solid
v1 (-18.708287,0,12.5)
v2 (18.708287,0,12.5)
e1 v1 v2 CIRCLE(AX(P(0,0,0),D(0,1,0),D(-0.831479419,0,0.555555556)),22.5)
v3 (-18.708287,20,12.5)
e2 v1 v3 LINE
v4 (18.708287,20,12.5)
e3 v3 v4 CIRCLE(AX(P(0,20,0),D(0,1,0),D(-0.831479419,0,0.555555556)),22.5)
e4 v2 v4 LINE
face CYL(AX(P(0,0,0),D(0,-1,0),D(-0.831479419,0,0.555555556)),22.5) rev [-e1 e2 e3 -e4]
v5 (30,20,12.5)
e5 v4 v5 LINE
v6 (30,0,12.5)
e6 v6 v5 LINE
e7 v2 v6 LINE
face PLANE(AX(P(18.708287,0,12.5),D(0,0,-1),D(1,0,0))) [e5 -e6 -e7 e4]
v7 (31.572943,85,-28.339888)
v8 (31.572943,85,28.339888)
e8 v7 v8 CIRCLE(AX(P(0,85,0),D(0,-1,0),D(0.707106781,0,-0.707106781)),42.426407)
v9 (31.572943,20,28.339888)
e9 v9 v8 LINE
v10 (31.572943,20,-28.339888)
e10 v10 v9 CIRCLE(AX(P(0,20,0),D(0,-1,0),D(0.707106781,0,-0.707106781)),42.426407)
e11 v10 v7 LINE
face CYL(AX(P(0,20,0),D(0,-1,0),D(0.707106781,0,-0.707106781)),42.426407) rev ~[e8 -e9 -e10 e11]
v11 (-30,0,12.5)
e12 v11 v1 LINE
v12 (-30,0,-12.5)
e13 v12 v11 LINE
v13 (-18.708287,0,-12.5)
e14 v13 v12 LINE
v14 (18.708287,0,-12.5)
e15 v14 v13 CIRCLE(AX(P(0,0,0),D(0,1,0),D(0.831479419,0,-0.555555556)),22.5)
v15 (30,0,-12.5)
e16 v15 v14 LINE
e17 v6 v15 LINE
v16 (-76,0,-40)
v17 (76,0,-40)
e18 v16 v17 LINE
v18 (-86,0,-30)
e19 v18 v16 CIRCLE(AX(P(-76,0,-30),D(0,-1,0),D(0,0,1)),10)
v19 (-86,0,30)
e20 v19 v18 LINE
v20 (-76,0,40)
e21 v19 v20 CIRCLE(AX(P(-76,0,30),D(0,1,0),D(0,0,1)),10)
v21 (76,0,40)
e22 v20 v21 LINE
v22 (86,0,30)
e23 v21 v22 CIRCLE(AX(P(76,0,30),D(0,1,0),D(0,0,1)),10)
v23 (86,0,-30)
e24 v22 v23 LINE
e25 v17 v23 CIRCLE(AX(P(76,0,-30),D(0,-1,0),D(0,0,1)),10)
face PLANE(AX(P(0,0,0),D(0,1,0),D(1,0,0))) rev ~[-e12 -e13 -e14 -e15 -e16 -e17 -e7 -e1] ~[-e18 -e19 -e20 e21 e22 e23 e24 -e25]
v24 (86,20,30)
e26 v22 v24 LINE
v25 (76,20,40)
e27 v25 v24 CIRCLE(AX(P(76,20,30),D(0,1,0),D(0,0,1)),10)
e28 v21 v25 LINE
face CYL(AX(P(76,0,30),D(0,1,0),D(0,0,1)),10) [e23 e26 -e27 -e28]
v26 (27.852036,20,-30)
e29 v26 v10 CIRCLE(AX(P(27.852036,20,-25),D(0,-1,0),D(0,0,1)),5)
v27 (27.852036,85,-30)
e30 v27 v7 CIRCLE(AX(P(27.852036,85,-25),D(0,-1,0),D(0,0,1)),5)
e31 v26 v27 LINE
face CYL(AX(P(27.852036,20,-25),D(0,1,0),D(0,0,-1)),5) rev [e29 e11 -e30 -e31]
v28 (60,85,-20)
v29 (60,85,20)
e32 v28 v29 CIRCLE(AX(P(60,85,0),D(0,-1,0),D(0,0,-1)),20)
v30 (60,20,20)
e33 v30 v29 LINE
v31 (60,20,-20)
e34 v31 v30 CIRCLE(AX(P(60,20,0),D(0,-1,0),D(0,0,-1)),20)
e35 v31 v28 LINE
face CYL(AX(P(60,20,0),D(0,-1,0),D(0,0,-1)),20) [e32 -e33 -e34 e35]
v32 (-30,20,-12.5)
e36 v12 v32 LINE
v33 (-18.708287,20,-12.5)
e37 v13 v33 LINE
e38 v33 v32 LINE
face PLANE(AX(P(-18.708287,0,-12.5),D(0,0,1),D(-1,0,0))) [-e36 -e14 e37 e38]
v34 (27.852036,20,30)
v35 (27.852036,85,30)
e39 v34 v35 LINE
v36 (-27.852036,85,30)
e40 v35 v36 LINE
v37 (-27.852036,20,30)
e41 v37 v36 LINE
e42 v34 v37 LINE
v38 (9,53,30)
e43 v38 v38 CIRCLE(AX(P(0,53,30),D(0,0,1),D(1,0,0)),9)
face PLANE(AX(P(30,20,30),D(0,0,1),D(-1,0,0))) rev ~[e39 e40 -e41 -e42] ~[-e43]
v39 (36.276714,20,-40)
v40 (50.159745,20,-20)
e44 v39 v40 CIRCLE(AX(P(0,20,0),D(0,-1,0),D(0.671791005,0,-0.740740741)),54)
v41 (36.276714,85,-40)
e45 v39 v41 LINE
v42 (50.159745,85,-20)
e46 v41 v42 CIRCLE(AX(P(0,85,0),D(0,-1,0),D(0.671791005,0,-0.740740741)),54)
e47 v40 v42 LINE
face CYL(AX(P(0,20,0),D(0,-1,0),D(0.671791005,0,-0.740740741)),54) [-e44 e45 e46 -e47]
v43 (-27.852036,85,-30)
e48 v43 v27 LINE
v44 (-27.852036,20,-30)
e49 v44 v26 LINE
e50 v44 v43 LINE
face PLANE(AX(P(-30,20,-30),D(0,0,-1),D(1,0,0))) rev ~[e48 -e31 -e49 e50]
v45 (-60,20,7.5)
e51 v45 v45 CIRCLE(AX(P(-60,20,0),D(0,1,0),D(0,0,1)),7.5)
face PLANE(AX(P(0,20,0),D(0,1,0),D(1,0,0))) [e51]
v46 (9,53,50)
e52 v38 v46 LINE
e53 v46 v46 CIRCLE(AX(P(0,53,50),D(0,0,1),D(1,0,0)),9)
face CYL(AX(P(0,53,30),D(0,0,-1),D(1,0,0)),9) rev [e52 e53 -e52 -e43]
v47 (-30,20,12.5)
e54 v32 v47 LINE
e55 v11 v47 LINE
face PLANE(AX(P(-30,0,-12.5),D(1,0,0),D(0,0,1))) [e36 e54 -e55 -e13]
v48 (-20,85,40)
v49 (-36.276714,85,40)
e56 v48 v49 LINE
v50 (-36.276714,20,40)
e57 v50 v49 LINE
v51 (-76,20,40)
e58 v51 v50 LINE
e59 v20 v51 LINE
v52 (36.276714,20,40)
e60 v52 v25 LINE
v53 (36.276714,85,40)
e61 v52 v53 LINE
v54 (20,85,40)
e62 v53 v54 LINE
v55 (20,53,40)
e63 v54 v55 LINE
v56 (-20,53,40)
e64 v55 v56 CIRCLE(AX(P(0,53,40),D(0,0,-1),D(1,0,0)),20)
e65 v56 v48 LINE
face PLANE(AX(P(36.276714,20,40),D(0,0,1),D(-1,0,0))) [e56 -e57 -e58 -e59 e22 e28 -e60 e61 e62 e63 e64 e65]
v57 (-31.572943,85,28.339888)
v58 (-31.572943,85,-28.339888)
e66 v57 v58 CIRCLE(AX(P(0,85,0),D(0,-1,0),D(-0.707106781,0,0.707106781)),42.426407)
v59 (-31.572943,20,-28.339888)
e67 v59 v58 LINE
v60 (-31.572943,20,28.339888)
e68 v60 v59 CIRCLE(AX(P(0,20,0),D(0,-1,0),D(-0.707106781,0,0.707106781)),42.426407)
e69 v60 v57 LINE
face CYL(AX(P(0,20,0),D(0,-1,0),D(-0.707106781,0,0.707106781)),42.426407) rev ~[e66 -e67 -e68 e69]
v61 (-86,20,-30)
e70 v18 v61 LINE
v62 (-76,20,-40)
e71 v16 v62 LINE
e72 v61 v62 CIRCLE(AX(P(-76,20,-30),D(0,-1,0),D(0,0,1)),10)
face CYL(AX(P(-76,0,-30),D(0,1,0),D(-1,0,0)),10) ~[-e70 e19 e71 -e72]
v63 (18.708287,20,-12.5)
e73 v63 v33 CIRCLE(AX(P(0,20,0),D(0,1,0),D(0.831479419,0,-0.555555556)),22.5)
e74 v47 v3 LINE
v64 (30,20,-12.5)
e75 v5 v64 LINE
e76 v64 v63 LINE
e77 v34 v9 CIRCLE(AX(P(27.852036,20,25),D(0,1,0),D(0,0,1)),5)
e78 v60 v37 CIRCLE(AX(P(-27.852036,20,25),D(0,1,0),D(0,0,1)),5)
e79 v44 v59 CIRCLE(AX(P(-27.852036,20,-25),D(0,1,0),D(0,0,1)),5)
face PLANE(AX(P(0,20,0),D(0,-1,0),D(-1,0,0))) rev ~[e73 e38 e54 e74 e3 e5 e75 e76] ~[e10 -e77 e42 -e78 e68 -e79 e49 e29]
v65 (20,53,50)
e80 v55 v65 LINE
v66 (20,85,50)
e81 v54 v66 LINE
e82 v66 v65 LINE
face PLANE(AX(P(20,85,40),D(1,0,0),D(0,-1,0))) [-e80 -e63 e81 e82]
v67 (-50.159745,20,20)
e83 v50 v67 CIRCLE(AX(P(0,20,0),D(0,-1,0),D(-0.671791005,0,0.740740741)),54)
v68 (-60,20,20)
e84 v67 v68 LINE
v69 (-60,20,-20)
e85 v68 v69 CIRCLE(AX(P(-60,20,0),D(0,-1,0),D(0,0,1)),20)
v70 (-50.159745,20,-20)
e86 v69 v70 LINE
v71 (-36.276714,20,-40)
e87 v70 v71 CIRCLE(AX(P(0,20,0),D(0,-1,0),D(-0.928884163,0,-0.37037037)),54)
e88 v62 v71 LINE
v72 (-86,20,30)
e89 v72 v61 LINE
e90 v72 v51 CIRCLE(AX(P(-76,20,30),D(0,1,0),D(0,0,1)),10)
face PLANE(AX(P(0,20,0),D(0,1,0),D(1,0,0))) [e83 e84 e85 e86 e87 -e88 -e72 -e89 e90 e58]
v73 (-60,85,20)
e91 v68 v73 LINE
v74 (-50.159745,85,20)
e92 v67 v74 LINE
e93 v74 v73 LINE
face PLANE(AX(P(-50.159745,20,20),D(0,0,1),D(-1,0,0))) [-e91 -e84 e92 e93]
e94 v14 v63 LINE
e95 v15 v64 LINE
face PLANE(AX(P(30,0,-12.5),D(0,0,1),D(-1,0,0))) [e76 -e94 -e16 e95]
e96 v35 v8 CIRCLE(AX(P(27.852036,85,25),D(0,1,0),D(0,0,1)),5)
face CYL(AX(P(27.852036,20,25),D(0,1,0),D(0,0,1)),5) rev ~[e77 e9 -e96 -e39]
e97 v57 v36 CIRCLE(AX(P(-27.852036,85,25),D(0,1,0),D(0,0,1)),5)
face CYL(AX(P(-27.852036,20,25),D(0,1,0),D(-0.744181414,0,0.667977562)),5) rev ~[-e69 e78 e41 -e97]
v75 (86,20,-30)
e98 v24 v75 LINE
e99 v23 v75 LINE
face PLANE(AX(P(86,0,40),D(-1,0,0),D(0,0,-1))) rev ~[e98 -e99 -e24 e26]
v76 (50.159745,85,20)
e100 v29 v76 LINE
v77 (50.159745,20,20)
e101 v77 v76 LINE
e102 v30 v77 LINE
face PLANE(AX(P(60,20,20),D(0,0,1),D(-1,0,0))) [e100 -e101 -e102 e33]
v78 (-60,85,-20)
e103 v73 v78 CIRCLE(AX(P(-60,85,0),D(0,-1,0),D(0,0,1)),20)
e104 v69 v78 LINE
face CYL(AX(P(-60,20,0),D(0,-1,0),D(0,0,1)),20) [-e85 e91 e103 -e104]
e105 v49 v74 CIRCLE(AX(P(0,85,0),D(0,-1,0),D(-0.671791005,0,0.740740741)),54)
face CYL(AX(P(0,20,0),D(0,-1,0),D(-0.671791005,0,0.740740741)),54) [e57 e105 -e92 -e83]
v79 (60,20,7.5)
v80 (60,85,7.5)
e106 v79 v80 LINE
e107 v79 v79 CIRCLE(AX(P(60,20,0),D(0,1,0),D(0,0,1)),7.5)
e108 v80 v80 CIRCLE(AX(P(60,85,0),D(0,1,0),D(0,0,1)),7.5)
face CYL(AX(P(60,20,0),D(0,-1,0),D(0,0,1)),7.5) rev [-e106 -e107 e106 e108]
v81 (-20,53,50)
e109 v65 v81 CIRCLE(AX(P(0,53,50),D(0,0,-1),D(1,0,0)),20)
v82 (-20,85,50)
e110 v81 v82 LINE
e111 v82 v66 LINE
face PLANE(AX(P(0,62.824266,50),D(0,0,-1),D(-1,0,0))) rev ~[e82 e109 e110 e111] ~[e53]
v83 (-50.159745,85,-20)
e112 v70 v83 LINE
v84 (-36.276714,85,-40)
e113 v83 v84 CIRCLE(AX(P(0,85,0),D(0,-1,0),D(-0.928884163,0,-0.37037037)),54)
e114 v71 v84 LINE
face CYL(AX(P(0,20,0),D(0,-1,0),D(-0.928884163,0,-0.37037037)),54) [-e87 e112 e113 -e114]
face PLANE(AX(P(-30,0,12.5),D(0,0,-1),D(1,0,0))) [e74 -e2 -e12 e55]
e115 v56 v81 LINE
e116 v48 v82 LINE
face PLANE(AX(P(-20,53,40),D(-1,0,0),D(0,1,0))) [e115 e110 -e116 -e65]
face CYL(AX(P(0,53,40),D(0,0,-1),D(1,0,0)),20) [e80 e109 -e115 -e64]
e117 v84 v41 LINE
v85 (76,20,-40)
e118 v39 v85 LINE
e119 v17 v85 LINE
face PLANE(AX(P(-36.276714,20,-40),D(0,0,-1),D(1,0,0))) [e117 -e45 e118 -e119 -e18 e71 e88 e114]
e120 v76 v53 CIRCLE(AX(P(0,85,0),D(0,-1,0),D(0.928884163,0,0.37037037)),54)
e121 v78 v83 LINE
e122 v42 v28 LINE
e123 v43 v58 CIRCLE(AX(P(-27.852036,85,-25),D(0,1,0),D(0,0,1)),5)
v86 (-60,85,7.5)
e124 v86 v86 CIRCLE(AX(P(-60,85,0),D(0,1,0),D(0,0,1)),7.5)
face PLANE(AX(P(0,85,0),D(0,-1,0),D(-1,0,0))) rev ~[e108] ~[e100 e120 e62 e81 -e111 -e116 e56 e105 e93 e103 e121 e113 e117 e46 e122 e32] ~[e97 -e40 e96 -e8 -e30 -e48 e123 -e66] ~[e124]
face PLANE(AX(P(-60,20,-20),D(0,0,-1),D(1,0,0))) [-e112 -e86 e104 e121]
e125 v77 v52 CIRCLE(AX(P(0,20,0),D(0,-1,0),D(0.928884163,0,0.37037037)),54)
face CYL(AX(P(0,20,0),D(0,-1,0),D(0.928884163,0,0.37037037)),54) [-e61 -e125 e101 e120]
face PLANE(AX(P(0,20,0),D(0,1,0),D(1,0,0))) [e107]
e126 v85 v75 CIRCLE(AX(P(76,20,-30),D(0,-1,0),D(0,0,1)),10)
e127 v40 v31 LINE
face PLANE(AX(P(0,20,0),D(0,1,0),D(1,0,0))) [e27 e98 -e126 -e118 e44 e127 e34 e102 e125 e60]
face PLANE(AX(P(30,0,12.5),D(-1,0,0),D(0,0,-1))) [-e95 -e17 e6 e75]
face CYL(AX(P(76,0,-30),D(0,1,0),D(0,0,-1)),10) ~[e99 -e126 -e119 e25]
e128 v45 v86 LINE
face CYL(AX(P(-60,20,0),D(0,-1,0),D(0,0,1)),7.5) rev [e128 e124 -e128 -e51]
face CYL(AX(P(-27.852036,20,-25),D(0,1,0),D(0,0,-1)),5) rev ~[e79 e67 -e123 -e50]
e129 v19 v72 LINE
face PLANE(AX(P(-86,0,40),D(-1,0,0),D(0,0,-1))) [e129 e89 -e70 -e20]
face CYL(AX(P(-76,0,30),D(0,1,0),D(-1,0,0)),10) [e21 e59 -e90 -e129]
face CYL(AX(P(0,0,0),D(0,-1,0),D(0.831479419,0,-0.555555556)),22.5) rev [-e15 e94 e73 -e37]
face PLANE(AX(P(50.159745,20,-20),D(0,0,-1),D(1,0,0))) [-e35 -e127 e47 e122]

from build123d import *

# Parameters (mm, degrees)
SKETCH_1_W               = 172
SKETCH_1_H               = 80
EXTRUDE_1_DEPTH          = 20
FILLET_1_R               = 10
SKETCH_2_R               = 7.5
EXTRUDE_2_DEPTH          = 65
CUT_EXTRUDE_1_DEPTH      = 65
EXTRUDE_3_DEPTH          = 10
CUT_EXTRUDE_2_DEPTH      = 10
CUT_EXTRUDE_2_DEPTH_BACK = 10
SKETCH_5_R               = 9
FILLET_2_R               = 5


with BuildPart() as part:
    # 草图1 → 凸台-拉伸1 (new body)
    with BuildSketch(Plane(origin=(0, 0, 0), x_dir=(1, 0, 0), z_dir=(0, 1, 0))):
        Rectangle(SKETCH_1_W, SKETCH_1_H)
        with BuildLine():
            Line((-30, -12.5), (-18.708286934, -12.5))
            ThreePointArc((-18.708286934, -12.5), (0, -22.5), (18.708286934, -12.5))
            Line((18.708286934, -12.5), (30, -12.5))
            Line((30, -12.5), (30, 12.5))
            Line((30, 12.5), (18.708286934, 12.5))
            ThreePointArc((18.708286934, 12.5), (0, 22.5), (-18.708286934, 12.5))
            Line((-18.708286934, 12.5), (-30, 12.5))
            Line((-30, 12.5), (-30, -12.5))
        make_face(mode=Mode.SUBTRACT)
    extrude(amount=EXTRUDE_1_DEPTH)

    # 圆角1
    fillet_1_edges = [part.edges().sort_by_distance(p)[0] for p in [
        (86, 10, -40),
        (86, 10, 40),
        (-86, 10, 40),
        (-86, 10, -40),
    ]]
    fillet(fillet_1_edges, radius=FILLET_1_R)

    # 草图2 → 凸台-拉伸2 (add)
    with BuildSketch(Plane(origin=(0, 20, 0), x_dir=(1, 0, 0), z_dir=(0, 1, 0))):
        with BuildLine():
            Line((-36.276714294, 40), (36.276714294, 40))
            ThreePointArc((36.276714294, 40), (44.36006499, 30.792606809), (50.159744816, 20))
            Line((50.159744816, 20), (60, 20))
            ThreePointArc((60, 20), (80, 0), (60, -20))
            Line((60, -20), (50.159744816, -20))
            ThreePointArc((50.159744816, -20), (44.36006499, -30.792606809), (36.276714294, -40))
            Line((36.276714294, -40), (-36.276714294, -40))
            ThreePointArc((-36.276714294, -40), (-44.36006499, -30.792606809), (-50.159744816, -20))
            Line((-50.159744816, -20), (-60, -20))
            ThreePointArc((-60, -20), (-80, 0), (-60, 20))
            Line((-60, 20), (-50.159744816, 20))
            ThreePointArc((-50.159744816, 20), (-44.36006499, 30.792606809), (-36.276714294, 40))
        make_face()
        with Locations((-60, 0)):
            Circle(SKETCH_2_R, mode=Mode.SUBTRACT)
        with Locations((60, 0)):
            Circle(SKETCH_2_R, mode=Mode.SUBTRACT)
    extrude(amount=EXTRUDE_2_DEPTH)

    # 草图3 → 切除-拉伸1 (cut)
    with BuildSketch(Plane(origin=(0, 20, 0), x_dir=(1, 0, 0), z_dir=(0, 1, 0))):
        with BuildLine():
            Line((-30, 30), (30, 30))
            ThreePointArc((30, 30), (42.426406871, 0), (30, -30))
            Line((30, -30), (-30, -30))
            ThreePointArc((-30, -30), (-42.426406871, 0), (-30, 30))
        make_face()
    extrude(amount=CUT_EXTRUDE_1_DEPTH, mode=Mode.SUBTRACT)

    # 草图4 → 凸台-拉伸3 (add)
    with BuildSketch(Plane.XY.offset(40)):
        with BuildLine():
            Line((-20, 53), (-20, 85))
            Line((-20, 85), (20, 85))
            Line((20, 85), (20, 53))
            ThreePointArc((20, 53), (0, 33), (-20, 53))
        make_face()
    extrude(amount=EXTRUDE_3_DEPTH)

    # 草图5 → 切除-拉伸2 (cut, two sides: drawn at the far end of the back side and taken through both)
    with BuildSketch(Plane.XY.offset(40).offset(-CUT_EXTRUDE_2_DEPTH_BACK)):
        with Locations((0, 53)):
            Circle(SKETCH_5_R)
    extrude(amount=CUT_EXTRUDE_2_DEPTH + CUT_EXTRUDE_2_DEPTH_BACK, mode=Mode.SUBTRACT)

    # 圆角2
    fillet_2_edges = [part.edges().sort_by_distance(p)[0] for p in [
        (-30, 52.5, 30),
        (30, 52.5, 30),
        (30, 52.5, -30),
        (-30, 52.5, -30),
    ]]
    fillet(fillet_2_edges, radius=FILLET_2_R)


solid = part.part
